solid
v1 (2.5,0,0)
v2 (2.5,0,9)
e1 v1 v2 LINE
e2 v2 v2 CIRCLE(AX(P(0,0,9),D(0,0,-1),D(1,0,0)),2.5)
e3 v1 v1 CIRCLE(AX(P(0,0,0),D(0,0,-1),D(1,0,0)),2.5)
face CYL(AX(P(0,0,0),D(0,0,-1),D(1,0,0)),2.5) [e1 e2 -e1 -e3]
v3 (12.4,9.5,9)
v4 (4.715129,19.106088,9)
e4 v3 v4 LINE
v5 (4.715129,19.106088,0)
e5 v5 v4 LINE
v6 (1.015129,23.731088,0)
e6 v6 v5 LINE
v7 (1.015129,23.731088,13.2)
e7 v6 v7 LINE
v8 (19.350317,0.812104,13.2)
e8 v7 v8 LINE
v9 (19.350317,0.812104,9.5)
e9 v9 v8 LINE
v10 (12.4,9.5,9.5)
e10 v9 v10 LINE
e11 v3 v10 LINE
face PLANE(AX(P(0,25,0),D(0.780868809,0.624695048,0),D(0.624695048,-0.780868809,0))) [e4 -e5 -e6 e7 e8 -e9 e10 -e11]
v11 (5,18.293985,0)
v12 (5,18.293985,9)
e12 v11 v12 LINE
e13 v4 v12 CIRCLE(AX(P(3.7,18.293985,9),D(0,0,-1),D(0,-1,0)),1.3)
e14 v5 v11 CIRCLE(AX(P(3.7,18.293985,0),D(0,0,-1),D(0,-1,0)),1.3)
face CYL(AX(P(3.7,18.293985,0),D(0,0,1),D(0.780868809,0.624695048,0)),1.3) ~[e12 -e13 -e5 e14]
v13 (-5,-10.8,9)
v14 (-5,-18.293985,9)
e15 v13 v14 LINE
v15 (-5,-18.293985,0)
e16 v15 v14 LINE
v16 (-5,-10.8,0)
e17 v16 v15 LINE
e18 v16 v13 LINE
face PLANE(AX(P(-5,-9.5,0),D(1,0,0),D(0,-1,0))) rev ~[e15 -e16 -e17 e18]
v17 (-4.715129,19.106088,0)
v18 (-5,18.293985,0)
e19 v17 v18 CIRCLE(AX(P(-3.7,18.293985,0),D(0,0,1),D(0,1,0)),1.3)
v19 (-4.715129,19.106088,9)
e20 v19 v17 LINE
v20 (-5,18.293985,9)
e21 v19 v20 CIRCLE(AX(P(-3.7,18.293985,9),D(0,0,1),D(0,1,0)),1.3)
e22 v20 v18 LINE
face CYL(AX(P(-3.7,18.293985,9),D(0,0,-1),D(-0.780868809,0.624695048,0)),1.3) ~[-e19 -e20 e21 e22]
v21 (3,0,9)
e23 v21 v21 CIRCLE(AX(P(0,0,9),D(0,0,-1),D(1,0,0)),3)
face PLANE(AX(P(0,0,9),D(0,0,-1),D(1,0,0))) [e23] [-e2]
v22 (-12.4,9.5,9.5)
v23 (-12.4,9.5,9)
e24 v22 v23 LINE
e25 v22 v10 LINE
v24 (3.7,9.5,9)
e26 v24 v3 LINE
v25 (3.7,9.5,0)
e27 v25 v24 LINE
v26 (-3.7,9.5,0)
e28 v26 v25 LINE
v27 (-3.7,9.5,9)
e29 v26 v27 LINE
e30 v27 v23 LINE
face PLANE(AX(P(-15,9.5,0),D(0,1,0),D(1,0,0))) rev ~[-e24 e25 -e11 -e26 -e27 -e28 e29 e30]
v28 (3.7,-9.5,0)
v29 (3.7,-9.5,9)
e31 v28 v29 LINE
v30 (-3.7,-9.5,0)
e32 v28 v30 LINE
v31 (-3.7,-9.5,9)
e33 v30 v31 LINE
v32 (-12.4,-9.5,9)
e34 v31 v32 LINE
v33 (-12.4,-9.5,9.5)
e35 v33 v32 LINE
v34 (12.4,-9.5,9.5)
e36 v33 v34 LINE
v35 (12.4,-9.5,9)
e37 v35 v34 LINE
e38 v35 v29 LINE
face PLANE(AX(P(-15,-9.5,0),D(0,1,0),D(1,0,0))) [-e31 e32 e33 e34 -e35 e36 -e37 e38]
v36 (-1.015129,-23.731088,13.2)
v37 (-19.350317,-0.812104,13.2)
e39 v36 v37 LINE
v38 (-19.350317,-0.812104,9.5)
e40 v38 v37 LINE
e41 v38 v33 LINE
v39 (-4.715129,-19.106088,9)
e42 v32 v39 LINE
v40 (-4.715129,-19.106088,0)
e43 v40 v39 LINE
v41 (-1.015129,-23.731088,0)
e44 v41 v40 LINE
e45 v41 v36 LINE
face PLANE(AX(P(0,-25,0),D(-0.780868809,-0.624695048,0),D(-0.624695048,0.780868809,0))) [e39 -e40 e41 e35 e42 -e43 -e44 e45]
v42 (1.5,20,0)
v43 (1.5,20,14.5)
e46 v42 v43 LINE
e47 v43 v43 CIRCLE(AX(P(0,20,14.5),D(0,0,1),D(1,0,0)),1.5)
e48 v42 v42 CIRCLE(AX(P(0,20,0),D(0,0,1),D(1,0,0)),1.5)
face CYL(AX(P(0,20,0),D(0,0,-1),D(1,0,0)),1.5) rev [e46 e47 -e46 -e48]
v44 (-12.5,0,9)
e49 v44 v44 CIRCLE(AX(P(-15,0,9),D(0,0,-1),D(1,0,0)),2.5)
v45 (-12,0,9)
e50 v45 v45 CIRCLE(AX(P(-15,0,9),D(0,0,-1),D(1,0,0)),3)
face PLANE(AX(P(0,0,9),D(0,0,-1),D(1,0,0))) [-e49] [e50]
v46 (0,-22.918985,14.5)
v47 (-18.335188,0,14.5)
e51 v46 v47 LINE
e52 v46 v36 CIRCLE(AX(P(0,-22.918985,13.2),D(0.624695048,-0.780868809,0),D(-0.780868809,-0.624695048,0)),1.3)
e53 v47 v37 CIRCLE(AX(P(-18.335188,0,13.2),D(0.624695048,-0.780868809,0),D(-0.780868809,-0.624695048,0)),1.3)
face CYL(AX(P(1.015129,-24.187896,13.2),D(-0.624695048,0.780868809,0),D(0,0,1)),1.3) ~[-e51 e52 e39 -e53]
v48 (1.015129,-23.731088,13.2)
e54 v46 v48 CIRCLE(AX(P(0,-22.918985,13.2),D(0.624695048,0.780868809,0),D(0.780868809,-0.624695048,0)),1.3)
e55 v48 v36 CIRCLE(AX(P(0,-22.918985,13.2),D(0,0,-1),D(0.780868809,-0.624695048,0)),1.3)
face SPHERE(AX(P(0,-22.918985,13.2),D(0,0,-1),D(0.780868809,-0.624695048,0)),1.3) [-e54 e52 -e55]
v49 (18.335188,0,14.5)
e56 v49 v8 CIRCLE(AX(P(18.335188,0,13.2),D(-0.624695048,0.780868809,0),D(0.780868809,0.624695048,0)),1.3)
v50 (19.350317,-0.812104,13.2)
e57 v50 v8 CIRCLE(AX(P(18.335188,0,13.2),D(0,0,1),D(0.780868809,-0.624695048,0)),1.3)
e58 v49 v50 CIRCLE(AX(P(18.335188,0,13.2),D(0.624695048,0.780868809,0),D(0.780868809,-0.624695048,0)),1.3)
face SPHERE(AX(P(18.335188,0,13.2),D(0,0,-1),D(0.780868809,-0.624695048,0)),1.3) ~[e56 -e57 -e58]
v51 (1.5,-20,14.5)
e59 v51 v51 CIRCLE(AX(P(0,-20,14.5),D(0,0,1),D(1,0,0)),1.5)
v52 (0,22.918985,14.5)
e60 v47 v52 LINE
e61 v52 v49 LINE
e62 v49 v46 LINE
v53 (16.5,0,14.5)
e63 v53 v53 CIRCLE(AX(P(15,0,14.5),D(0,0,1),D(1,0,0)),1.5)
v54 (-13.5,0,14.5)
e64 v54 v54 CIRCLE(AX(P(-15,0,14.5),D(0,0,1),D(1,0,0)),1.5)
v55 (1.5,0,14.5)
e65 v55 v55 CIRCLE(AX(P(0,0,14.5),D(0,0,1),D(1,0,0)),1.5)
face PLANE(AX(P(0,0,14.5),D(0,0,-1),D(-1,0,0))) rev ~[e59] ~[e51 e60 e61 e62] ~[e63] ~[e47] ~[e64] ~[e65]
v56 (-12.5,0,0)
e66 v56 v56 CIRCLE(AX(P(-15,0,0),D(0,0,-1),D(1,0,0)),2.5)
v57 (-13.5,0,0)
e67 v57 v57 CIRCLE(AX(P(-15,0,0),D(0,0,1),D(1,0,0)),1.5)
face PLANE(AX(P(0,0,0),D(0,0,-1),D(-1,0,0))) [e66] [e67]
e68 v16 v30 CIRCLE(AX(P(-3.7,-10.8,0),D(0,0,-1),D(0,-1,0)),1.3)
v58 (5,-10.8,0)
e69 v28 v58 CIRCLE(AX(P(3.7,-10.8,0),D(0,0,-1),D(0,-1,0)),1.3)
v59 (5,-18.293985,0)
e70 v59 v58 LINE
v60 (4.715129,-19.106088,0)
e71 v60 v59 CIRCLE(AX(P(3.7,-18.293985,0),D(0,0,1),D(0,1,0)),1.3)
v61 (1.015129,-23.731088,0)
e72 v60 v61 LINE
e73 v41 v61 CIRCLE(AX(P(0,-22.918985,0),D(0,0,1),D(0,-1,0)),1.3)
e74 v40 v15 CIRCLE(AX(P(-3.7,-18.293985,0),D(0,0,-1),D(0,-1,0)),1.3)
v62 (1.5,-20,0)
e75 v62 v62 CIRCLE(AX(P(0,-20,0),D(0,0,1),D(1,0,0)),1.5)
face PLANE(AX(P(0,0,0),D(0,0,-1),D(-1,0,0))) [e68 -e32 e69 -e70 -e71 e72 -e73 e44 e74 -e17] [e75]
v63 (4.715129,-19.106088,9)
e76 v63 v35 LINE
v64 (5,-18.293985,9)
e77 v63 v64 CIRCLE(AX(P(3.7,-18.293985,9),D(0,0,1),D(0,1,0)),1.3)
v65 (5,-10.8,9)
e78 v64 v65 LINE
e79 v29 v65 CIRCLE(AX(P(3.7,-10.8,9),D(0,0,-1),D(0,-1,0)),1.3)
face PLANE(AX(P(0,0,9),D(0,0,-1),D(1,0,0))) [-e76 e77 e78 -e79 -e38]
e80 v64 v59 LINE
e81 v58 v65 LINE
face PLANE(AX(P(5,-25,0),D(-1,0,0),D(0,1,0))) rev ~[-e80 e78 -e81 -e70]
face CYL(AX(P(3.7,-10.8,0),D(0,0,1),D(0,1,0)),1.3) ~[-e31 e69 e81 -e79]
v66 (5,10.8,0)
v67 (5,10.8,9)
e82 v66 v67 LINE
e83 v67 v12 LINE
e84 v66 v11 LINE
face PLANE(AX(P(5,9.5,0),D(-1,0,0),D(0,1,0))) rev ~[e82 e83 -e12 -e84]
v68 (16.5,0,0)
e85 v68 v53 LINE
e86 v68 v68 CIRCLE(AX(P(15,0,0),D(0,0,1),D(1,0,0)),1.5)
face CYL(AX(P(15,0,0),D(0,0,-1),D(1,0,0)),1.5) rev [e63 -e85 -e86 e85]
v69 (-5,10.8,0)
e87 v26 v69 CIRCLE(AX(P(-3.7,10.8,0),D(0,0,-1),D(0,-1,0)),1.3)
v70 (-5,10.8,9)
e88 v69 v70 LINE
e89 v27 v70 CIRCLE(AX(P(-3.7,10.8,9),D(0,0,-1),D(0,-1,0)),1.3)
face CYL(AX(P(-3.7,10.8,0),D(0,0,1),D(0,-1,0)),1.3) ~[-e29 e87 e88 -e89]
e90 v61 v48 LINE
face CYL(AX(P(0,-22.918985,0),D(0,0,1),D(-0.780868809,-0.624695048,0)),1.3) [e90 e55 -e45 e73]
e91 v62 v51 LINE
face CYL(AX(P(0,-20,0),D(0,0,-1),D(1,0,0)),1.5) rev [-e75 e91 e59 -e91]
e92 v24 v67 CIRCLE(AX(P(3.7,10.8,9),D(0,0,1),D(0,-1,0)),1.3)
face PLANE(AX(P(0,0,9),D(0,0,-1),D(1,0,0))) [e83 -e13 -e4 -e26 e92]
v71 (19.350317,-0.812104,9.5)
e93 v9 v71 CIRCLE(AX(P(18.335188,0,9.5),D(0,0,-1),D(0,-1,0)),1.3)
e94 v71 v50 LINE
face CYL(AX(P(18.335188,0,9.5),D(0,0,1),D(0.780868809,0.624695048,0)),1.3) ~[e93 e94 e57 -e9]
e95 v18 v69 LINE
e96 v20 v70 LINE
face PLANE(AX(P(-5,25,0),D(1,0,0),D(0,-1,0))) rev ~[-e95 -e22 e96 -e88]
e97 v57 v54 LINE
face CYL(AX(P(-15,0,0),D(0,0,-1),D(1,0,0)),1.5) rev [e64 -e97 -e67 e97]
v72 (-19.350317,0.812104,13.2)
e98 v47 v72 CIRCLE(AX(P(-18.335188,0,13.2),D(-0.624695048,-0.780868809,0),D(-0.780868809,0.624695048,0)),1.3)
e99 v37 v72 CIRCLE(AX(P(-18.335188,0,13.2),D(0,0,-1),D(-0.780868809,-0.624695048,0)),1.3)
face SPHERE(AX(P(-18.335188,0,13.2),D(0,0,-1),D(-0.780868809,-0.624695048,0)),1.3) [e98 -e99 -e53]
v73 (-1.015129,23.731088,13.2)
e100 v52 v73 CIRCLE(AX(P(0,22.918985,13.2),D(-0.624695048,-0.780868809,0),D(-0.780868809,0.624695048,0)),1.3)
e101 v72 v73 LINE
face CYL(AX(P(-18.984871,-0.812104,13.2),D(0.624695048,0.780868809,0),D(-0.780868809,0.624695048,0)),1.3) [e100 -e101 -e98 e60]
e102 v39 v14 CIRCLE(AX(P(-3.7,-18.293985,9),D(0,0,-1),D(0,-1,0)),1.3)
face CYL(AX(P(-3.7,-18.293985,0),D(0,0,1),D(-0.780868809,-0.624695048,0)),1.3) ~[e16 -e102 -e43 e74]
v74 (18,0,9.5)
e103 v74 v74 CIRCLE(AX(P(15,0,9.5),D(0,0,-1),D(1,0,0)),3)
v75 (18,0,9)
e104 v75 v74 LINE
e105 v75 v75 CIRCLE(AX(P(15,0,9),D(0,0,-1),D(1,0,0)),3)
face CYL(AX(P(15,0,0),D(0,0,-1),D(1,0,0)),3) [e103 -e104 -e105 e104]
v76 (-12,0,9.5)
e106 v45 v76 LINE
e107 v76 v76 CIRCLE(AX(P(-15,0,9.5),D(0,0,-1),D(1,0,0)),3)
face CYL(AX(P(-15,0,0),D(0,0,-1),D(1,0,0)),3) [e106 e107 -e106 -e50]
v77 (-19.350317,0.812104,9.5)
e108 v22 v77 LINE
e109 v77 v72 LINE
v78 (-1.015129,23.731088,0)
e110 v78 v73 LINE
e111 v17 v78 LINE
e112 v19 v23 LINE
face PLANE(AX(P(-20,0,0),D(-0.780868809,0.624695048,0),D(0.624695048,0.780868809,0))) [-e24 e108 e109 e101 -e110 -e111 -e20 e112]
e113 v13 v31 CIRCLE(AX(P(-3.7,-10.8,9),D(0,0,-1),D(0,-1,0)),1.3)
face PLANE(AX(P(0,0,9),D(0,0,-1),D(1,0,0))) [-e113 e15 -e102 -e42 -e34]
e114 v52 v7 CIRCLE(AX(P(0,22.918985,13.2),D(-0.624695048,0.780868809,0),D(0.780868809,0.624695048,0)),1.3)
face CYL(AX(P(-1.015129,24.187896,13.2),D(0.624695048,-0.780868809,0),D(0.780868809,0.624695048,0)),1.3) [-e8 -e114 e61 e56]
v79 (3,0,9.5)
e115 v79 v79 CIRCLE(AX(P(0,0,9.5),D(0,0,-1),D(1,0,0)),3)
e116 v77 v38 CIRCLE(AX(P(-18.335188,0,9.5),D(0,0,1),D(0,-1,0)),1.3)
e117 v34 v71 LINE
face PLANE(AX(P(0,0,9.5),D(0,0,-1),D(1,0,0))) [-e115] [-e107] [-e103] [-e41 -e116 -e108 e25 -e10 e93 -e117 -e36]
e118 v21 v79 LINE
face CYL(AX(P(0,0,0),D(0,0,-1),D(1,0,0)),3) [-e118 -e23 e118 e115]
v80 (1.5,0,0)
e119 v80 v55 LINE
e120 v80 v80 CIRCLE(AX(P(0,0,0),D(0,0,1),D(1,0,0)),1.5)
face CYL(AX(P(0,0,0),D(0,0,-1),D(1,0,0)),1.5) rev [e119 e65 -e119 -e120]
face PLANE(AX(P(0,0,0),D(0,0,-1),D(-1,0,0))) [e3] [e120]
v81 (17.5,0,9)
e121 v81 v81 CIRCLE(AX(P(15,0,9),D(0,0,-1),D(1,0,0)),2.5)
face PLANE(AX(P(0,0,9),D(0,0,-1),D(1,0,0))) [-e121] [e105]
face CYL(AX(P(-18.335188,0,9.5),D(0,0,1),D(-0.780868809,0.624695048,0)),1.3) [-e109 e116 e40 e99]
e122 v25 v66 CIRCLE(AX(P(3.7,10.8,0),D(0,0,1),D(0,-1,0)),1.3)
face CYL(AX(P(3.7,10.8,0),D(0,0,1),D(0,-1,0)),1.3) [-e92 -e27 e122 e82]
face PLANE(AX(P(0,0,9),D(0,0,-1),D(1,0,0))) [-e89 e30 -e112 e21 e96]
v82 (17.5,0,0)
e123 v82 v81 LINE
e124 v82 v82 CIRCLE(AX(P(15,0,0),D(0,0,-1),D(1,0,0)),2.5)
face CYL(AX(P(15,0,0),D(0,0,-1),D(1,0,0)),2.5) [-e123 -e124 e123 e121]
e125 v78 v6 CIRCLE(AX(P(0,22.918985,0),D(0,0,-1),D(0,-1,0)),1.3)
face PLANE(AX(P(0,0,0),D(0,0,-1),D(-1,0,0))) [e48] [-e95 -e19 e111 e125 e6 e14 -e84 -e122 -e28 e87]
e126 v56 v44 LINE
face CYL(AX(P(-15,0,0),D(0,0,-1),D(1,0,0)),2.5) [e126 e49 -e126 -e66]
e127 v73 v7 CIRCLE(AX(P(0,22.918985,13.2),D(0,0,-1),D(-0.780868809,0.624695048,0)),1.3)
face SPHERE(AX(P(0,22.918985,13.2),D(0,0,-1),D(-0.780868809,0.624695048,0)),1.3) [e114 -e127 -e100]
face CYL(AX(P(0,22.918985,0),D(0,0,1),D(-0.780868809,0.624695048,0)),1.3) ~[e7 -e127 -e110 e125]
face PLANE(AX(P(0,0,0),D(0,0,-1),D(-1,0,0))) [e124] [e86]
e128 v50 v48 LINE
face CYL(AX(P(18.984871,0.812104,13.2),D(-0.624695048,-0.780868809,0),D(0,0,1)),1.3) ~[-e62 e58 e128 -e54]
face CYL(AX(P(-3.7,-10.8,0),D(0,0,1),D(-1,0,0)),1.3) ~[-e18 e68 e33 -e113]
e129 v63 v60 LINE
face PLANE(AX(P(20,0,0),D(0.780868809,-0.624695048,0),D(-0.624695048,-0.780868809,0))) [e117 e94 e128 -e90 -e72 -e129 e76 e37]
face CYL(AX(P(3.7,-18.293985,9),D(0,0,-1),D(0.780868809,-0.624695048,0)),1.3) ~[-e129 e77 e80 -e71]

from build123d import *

# Parameters (mm, degrees)
SKETCH_R        = 1.5
PAD_DEPTH       = 14.5
SKETCH001_R     = 3
POCKET_DEPTH    = 9.5
SKETCH002_R     = 2.5
POCKET001_DEPTH = 9
FILLET_R        = 1.3


with BuildPart() as part:
    # Sketch → Pad (new body)
    with BuildSketch(Plane.XY):
        Polygon((-20, 0), (0, 25), (20, 0), (0, -25), align=None)
        with Locations((0, 20)):
            Circle(SKETCH_R, mode=Mode.SUBTRACT)
        with Locations((0, -20)):
            Circle(SKETCH_R, mode=Mode.SUBTRACT)
        with Locations((-15, 0)):
            Circle(SKETCH_R, mode=Mode.SUBTRACT)
        Circle(SKETCH_R, mode=Mode.SUBTRACT)
        with Locations((15, 0)):
            Circle(SKETCH_R, mode=Mode.SUBTRACT)
    extrude(amount=PAD_DEPTH)

    # Sketch001 (on Face10 of Pad) → Pocket (cut)
    with BuildSketch(Plane(origin=(0, 0, 0), x_dir=(1, 0, 0), z_dir=(0, 0, -1))):
        with BuildLine():
            ThreePointArc((-15, 9.5), (-24.5, 0), (-15, -9.5))
            Line((-15, -9.5), (15, -9.5))
            ThreePointArc((15, -9.5), (24.5, 0), (15, 9.5))
            Line((-15, 9.5), (15, 9.5))
        make_face()
        with Locations((-15, 0)):
            Circle(SKETCH001_R, mode=Mode.SUBTRACT)
        Circle(SKETCH001_R, mode=Mode.SUBTRACT)
        with Locations((15, 0)):
            Circle(SKETCH001_R, mode=Mode.SUBTRACT)
    extrude(amount=-POCKET_DEPTH, mode=Mode.SUBTRACT)

    # Sketch002 (on Face20 of Pocket) → Pocket001 (cut)
    with BuildSketch(Plane(origin=(0, 0, 0), x_dir=(1, 0, 0), z_dir=(0, 0, -1))):
        Polygon((-20, 25), (-20, -25), (-5, -25), (-5, -9.5), (5, -9.5), (5, -25), (20, -25), (20, 25), (5, 25), (5, 9.5), (-5, 9.5), (-5, 25), align=None)
        Circle(SKETCH002_R, mode=Mode.SUBTRACT)
        with Locations((-15, 0)):
            Circle(SKETCH002_R, mode=Mode.SUBTRACT)
        with Locations((15, 0)):
            Circle(SKETCH002_R, mode=Mode.SUBTRACT)
    extrude(amount=-POCKET001_DEPTH, mode=Mode.SUBTRACT)

    # Fillet
    fillet_edges = [part.edges().sort_by_distance(p)[0] for p in [
        (10, -12.5, 14.5),
        (-10, -12.5, 14.5),
        (-10, 12.5, 14.5),
        (10, 12.5, 14.5),
        (0, -25, 7.25),
        (5, -18.75, 4.5),
        (-5, -18.75, 4.5),
        (20, 0, 12),
        (-20, 0, 12),
        (-5, 18.75, 4.5),
        (0, 25, 7.25),
        (5, 18.75, 4.5),
        (-5, -9.5, 4.5),
        (5, -9.5, 4.5),
        (5, 9.5, 4.5),
        (-5, 9.5, 4.5),
    ]]
    fillet(fillet_edges, radius=FILLET_R)


solid = part.part
